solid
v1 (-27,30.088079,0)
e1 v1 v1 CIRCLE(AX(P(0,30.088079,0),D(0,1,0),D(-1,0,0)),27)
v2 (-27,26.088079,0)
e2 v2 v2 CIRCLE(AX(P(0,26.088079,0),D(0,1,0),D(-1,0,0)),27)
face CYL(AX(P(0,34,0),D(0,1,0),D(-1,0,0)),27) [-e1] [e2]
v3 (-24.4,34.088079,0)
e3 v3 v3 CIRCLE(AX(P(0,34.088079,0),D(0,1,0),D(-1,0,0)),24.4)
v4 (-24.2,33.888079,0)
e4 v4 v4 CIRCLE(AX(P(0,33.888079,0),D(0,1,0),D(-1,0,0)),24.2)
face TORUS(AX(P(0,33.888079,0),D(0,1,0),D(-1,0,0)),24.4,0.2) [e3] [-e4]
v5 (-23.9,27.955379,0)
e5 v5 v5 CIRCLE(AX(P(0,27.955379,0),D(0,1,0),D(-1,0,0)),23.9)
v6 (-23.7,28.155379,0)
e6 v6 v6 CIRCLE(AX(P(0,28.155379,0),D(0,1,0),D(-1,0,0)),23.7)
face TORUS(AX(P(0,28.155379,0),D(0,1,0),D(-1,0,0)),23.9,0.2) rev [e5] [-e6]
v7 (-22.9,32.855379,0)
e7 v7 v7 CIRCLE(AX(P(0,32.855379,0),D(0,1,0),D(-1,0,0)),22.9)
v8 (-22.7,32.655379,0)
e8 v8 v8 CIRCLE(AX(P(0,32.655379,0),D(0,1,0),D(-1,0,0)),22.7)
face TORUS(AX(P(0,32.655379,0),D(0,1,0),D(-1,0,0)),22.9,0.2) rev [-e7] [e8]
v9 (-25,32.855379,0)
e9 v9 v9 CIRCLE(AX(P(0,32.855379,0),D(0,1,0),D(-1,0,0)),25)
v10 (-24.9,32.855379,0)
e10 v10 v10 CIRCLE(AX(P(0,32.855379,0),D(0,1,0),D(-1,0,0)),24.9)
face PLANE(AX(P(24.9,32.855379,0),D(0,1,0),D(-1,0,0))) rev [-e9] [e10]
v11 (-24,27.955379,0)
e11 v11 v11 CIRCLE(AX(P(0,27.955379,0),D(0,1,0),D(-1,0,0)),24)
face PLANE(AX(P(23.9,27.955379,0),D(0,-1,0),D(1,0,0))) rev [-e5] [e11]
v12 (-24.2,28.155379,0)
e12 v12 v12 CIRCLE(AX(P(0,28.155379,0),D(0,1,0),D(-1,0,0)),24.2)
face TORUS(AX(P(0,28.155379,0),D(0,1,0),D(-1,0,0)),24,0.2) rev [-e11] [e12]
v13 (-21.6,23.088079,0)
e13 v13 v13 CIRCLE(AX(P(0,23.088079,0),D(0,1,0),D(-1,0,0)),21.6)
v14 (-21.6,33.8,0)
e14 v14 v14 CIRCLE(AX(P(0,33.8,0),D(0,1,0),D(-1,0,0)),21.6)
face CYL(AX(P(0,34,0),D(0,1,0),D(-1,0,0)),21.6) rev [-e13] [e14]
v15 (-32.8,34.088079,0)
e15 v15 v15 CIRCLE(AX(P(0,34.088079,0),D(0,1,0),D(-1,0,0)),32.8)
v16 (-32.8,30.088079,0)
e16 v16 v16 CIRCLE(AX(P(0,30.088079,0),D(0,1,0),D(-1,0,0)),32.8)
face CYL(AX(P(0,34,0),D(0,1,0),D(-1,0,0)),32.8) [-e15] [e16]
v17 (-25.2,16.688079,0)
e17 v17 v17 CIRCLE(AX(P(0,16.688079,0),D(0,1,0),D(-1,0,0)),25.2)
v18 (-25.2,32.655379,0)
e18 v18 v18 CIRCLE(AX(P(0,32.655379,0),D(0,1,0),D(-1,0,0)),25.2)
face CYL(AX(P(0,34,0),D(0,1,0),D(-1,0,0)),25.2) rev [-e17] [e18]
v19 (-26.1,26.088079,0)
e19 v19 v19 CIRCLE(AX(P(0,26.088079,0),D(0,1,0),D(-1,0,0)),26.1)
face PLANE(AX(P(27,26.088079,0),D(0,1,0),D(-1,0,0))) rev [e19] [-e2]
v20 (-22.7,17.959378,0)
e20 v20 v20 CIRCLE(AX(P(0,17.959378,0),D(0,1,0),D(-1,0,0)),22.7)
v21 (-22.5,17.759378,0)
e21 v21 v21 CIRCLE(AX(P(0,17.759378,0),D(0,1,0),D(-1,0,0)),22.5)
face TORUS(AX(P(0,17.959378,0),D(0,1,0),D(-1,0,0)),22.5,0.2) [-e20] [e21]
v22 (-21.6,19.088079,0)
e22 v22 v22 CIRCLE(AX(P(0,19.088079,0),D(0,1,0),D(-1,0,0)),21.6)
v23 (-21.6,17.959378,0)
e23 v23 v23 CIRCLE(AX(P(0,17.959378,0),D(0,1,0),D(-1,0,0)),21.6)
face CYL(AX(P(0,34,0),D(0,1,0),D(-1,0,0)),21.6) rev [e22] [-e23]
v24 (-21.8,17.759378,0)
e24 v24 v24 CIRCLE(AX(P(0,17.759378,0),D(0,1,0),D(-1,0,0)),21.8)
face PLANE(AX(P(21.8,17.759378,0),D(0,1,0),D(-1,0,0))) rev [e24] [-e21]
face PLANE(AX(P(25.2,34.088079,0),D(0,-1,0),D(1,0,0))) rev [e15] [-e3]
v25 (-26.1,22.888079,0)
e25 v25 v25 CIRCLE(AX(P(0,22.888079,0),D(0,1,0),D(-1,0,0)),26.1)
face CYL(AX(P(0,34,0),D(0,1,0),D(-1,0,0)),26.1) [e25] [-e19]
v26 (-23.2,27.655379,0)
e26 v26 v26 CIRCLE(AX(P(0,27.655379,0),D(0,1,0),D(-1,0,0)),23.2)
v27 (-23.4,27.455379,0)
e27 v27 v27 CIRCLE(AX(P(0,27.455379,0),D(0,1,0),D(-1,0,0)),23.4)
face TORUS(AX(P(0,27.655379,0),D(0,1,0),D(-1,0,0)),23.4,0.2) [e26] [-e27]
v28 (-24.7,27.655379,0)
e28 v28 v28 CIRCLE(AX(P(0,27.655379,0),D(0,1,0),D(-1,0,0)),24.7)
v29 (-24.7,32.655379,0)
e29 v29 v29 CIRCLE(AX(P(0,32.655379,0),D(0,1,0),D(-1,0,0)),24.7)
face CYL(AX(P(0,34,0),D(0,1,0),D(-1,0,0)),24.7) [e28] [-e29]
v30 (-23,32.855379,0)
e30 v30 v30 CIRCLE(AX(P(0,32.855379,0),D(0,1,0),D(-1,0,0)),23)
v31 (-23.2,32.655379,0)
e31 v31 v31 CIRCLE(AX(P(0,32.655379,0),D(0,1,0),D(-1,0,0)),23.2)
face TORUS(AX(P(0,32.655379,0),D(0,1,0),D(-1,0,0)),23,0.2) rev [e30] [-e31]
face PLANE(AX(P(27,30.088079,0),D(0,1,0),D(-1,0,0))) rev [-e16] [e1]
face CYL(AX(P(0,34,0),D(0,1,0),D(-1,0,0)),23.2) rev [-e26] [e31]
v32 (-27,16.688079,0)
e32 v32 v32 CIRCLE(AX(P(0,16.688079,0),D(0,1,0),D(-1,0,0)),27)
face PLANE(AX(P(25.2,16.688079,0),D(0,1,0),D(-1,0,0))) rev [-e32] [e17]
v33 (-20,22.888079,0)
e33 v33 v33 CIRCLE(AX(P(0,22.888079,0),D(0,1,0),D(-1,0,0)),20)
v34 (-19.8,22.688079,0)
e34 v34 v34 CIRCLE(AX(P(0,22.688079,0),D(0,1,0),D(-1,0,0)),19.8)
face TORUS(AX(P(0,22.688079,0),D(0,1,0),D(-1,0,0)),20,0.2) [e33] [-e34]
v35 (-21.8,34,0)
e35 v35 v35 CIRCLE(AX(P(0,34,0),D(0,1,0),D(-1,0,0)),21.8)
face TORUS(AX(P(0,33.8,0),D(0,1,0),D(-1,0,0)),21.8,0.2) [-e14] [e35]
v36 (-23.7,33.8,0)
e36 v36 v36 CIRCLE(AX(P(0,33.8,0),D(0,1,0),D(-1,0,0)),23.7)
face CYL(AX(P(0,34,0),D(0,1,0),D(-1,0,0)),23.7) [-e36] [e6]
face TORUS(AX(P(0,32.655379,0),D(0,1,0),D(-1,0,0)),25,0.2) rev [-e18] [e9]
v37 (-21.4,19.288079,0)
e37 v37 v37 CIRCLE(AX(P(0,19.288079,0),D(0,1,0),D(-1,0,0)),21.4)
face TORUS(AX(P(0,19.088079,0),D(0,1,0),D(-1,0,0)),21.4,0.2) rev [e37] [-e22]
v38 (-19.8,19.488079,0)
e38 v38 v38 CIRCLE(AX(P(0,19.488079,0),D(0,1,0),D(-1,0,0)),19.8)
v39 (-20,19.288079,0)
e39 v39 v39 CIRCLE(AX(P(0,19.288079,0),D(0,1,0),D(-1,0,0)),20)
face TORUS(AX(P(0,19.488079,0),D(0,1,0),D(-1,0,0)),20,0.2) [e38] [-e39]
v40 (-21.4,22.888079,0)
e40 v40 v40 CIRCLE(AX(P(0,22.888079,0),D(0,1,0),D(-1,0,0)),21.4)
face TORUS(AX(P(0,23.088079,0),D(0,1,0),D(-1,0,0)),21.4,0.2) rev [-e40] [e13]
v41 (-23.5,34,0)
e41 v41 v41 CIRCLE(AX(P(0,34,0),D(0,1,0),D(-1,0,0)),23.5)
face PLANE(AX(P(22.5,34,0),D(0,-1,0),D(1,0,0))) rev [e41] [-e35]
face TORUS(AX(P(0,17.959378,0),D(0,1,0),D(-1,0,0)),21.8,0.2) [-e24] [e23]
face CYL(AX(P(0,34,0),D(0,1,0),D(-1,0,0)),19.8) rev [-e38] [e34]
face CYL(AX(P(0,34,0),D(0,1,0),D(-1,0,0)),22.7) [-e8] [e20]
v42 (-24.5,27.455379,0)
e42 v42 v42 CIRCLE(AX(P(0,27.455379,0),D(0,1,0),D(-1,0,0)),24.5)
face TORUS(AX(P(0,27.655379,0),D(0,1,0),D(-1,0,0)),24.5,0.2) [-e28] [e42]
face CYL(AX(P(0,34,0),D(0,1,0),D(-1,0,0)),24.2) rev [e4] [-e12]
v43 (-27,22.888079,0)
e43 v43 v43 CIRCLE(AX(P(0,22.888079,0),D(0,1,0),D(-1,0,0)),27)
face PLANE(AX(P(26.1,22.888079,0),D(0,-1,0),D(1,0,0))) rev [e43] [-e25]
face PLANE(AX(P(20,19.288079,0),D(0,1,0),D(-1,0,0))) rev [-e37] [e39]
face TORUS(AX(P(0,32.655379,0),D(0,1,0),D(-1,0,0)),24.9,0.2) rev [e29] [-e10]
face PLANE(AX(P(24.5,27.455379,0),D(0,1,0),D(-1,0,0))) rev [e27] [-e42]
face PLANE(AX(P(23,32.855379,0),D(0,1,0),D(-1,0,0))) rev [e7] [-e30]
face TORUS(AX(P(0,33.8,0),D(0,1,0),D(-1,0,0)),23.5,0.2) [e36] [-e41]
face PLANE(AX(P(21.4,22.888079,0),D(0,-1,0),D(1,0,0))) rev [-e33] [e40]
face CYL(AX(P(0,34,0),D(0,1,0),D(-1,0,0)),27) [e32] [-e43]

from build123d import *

# Parameters (mm, degrees)
BODY_MOVE_COPY1_ANGLE = 90


with BuildPart() as part:
    # Sketch1 → Revolve1 (revolve)
    with BuildSketch(Plane(origin=(0, 0, 0), x_dir=(1, 0, 0), z_dir=(0, 1, 0)), mode=Mode.PRIVATE) as revolve1_sk:
        with BuildLine():
            Line((27, 30.088078699), (27, 26.088078699))
            Line((27, 26.088078699), (26.1, 26.088078699))
            Line((26.1, 26.088078699), (26.1, 22.888078699))
            Line((26.1, 22.888078699), (27, 22.888078699))
            Line((27, 22.888078699), (27, 16.688078699))
            Line((27, 16.688078699), (25.2, 16.688078699))
            Line((25.2, 16.688078699), (25.2, 32.655378704))
            ThreePointArc((25.2, 32.655378704), (25.141421356, 32.79680006), (25, 32.855378704))
            Line((25, 32.855378704), (24.9, 32.855378704))
            ThreePointArc((24.9, 32.855378704), (24.758578644, 32.79680006), (24.7, 32.655378704))
            Line((24.7, 32.655378704), (24.7, 27.655378704))
            ThreePointArc((24.7, 27.655378704), (24.641421356, 27.513957348), (24.5, 27.455378704))
            Line((24.5, 27.455378704), (23.4, 27.455378704))
            ThreePointArc((23.4, 27.455378704), (23.258578644, 27.513957348), (23.2, 27.655378704))
            Line((23.2, 27.655378704), (23.2, 32.655378704))
            ThreePointArc((23.2, 32.655378704), (23.141421356, 32.79680006), (23, 32.855378704))
            Line((23, 32.855378704), (22.9, 32.855378704))
            ThreePointArc((22.9, 32.855378704), (22.758578644, 32.79680006), (22.7, 32.655378704))
            Line((22.7, 32.655378704), (22.7, 17.959377585))
            ThreePointArc((22.7, 17.959377585), (22.641421356, 17.817956229), (22.5, 17.759377585))
            Line((22.5, 17.759377585), (21.8, 17.759377585))
            ThreePointArc((21.8, 17.759377585), (21.658578644, 17.817956229), (21.6, 17.959377585))
            Line((21.6, 17.959377585), (21.6, 19.088078699))
            ThreePointArc((21.6, 19.088078699), (21.541421356, 19.229500055), (21.4, 19.288078699))
            Line((21.4, 19.288078699), (20, 19.288078699))
            ThreePointArc((20, 19.288078699), (19.858578644, 19.346657343), (19.8, 19.488078699))
            Line((19.8, 19.488078699), (19.8, 22.688078699))
            ThreePointArc((19.8, 22.688078699), (19.858578644, 22.829500055), (20, 22.888078699))
            Line((20, 22.888078699), (21.4, 22.888078699))
            ThreePointArc((21.4, 22.888078699), (21.541421356, 22.946657343), (21.6, 23.088078699))
            Line((21.6, 23.088078699), (21.6, 33.8))
            ThreePointArc((21.6, 33.8), (21.658578644, 33.941421356), (21.8, 34))
            Line((21.8, 34), (22.5, 34))
            Line((22.5, 34), (23.5, 34))
            ThreePointArc((23.5, 34), (23.641421356, 33.941421356), (23.7, 33.8))
            Line((23.7, 33.8), (23.7, 28.155378704))
            ThreePointArc((23.7, 28.155378704), (23.758578644, 28.013957348), (23.9, 27.955378704))
            Line((23.9, 27.955378704), (24, 27.955378704))
            ThreePointArc((24, 27.955378704), (24.141421356, 28.013957348), (24.2, 28.155378704))
            Line((24.2, 28.155378704), (24.2, 33.888078699))
            ThreePointArc((24.2, 33.888078699), (24.258578644, 34.029500055), (24.4, 34.088078699))
            Line((24.4, 34.088078699), (25.2, 34.088078699))
            Line((25.2, 34.088078699), (32.8, 34.088078699))
            Line((32.8, 34.088078699), (32.8, 30.088078699))
            Line((32.8, 30.088078699), (27, 30.088078699))
        make_face()
    revolve(revolve1_sk.sketch.rotate(Axis((0, 0, -34), (0, 0, 1)), 180), axis=Axis((0, 0, -34), (0, 0, 1)))


with BuildPart() as part_1:
    # Body-Move/Copy1: moved
    add(part.part.rotate(Axis((0, 0, 0), (1, 0, 0)), BODY_MOVE_COPY1_ANGLE))


solid = part_1.part
